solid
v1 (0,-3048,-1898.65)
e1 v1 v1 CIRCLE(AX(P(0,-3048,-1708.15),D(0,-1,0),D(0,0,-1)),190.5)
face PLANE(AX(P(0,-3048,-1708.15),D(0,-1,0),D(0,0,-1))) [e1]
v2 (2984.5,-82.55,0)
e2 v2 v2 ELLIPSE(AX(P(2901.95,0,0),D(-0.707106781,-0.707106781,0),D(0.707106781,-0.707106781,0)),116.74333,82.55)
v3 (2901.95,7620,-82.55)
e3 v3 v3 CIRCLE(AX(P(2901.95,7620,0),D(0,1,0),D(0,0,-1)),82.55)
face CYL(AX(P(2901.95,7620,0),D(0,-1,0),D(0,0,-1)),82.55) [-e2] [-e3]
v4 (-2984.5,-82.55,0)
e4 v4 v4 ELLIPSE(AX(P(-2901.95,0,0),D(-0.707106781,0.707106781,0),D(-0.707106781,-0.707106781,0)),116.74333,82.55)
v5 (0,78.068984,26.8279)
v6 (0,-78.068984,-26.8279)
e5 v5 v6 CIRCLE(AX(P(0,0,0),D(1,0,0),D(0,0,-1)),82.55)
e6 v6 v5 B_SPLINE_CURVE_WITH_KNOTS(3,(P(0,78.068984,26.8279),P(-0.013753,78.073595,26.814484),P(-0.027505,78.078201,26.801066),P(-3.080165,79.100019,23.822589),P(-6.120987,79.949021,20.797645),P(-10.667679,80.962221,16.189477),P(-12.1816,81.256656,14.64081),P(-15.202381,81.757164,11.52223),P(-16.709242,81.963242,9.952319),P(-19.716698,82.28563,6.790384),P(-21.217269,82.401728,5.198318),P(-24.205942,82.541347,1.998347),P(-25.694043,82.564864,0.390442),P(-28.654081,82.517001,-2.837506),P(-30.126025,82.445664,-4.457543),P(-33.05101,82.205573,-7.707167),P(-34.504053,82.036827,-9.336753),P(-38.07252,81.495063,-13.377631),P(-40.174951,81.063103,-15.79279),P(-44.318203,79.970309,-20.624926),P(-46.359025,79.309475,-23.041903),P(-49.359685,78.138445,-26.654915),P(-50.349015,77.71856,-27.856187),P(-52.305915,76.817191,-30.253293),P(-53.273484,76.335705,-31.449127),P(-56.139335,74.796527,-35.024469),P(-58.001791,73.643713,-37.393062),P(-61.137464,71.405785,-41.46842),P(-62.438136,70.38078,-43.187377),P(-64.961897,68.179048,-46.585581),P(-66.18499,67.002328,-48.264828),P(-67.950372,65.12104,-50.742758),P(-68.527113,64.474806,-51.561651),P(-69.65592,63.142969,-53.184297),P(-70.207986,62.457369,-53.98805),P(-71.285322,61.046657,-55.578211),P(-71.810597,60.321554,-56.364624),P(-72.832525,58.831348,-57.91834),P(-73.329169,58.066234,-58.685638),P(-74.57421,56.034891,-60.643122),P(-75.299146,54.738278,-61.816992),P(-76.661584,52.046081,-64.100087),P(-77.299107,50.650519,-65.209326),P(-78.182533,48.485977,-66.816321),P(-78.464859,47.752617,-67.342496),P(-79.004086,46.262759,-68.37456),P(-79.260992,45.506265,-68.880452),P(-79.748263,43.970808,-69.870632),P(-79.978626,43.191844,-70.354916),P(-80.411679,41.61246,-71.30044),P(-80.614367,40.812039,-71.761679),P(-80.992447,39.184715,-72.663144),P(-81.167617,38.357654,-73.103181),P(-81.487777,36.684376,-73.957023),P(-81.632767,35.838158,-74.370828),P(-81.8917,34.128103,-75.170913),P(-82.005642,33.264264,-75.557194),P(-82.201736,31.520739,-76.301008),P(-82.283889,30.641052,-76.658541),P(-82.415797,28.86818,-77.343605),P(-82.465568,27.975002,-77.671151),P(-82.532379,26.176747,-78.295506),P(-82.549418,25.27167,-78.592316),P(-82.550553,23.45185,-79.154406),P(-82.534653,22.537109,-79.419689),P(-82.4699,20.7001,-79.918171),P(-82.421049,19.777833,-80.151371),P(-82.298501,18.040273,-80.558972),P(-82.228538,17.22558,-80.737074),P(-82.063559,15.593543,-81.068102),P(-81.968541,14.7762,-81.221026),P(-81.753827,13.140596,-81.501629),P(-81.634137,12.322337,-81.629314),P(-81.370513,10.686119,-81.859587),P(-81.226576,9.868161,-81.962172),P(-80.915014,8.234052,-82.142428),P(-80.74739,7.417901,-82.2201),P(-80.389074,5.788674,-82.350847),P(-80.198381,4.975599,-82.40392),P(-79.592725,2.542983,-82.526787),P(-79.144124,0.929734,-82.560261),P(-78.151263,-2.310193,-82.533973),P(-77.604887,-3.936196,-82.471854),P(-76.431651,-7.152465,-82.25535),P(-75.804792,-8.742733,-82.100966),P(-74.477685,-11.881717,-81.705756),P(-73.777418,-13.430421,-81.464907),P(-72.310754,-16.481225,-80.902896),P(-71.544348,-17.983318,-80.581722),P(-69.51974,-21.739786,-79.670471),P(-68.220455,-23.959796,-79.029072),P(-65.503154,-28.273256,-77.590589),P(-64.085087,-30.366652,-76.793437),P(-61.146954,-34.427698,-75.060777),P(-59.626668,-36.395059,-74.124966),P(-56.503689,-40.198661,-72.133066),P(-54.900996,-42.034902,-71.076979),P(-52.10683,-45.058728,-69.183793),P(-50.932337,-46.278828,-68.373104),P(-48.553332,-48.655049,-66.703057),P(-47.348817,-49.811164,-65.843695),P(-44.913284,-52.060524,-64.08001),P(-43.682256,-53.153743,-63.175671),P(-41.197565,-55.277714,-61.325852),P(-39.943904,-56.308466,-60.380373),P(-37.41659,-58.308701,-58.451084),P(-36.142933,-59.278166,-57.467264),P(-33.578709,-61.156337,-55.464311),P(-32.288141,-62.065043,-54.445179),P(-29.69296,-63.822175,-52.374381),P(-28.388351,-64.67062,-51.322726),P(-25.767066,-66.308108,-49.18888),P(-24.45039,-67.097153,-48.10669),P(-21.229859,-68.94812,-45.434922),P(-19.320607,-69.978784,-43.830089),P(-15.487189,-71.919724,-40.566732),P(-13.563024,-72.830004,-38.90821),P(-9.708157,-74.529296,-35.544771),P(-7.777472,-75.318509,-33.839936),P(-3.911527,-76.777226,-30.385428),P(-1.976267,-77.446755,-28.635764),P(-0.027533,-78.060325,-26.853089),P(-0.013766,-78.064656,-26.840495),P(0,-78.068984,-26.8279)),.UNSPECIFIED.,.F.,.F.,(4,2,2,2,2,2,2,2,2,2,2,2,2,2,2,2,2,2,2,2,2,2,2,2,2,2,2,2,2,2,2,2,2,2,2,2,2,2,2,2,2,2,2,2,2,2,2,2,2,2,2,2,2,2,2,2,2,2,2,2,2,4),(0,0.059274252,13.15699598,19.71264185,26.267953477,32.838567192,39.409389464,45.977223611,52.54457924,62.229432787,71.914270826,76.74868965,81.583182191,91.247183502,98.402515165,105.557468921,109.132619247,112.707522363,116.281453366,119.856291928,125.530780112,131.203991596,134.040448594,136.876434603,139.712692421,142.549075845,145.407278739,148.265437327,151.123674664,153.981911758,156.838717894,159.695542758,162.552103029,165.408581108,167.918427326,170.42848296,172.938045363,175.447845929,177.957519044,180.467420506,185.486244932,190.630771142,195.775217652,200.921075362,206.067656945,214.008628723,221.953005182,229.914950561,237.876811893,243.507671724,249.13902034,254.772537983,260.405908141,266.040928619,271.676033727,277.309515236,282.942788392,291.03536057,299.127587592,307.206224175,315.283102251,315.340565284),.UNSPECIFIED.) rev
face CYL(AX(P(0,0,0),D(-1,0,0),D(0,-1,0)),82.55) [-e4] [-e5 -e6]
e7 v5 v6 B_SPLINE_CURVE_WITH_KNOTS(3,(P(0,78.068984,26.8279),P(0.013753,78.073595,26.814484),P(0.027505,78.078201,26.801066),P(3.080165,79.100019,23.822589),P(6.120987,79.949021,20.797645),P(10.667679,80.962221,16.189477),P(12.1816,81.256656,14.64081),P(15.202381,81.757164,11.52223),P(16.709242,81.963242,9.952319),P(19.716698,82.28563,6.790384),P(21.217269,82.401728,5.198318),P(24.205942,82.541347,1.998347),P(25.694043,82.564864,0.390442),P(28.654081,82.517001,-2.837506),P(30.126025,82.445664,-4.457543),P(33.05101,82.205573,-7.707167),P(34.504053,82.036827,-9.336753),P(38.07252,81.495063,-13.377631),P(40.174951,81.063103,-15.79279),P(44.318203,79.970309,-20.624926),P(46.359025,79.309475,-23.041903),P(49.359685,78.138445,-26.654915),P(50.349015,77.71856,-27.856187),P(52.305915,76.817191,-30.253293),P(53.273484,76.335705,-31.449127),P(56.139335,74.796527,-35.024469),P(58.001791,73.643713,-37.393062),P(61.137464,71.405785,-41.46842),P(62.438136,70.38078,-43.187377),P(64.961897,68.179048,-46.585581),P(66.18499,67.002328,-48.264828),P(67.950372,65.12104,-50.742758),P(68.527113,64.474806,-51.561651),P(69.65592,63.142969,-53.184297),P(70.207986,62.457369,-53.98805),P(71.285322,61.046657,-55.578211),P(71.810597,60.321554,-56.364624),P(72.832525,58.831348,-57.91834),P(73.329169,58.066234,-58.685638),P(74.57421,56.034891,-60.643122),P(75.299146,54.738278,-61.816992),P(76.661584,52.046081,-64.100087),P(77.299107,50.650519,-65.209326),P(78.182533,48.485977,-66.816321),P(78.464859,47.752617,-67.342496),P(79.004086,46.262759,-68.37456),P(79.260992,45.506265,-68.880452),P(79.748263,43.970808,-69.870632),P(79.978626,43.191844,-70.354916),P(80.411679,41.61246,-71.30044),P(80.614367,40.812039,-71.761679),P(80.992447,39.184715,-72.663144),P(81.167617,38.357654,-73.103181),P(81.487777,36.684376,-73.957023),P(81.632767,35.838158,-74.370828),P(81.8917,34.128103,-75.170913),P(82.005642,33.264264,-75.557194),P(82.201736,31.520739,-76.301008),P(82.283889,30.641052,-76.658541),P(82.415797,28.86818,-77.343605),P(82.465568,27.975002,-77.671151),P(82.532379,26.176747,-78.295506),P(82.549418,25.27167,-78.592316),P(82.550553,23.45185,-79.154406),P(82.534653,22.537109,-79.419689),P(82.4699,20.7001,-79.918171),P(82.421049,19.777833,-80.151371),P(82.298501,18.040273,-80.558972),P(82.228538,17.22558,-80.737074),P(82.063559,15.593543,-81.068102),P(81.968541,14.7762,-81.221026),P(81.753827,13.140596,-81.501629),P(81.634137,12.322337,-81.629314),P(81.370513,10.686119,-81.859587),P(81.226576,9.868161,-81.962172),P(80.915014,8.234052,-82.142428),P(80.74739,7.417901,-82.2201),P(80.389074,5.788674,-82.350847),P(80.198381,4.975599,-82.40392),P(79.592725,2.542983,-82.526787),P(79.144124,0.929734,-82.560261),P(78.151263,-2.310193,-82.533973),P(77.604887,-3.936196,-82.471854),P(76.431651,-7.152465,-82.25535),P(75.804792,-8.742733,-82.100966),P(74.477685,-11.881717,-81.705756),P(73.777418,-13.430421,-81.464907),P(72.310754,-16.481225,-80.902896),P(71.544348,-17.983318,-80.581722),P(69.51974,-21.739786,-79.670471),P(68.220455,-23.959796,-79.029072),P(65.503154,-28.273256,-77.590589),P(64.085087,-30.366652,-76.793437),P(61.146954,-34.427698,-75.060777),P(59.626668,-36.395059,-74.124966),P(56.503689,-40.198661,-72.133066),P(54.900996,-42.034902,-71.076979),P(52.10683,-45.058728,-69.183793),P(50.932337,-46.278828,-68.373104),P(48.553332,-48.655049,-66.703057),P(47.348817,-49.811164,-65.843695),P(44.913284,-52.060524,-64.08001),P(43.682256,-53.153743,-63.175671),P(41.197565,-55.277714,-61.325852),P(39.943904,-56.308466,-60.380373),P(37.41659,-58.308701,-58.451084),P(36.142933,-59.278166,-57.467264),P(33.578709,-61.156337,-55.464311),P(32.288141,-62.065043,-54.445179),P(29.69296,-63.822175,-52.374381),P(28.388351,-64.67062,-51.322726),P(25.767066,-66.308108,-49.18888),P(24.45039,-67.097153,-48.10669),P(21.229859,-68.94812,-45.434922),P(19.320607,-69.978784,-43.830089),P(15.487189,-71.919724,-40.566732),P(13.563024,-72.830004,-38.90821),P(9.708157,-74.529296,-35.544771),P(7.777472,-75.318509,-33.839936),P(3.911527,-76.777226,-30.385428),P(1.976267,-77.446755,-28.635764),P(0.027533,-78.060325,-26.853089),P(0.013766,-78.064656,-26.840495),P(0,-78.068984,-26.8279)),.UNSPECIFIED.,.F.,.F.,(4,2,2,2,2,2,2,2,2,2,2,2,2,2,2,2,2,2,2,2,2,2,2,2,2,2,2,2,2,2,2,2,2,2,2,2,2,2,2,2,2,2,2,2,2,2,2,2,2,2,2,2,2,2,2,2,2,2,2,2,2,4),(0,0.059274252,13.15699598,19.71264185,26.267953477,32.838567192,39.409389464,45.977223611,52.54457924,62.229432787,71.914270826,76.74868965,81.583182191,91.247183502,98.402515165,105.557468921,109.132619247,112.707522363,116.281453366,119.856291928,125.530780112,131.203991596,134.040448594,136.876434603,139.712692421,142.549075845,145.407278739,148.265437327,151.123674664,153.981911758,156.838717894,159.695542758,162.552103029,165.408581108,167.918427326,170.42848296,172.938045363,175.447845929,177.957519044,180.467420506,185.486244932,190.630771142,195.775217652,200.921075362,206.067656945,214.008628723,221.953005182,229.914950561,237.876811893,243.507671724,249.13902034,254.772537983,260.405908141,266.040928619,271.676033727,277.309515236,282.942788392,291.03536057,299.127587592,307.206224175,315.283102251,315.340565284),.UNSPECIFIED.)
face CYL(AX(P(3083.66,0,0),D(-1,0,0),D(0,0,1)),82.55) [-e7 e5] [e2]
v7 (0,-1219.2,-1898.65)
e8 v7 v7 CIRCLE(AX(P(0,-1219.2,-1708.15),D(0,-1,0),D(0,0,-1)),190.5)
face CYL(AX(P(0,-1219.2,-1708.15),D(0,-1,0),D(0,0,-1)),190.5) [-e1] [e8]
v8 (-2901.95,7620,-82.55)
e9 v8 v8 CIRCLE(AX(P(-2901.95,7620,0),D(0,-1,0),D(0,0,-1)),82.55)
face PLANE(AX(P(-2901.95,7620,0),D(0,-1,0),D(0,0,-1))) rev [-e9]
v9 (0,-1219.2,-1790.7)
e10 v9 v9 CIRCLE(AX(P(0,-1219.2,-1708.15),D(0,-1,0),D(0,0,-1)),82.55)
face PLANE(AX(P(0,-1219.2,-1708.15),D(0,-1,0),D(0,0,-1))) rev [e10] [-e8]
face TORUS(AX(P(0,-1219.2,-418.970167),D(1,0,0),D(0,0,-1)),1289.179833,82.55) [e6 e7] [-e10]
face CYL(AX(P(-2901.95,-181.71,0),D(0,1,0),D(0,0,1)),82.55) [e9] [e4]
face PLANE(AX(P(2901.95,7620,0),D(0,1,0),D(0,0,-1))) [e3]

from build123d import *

# Parameters (mm, degrees)
SWEEP4_PROFILE_R    = 82.55
SWEEP6_PROFILE_R    = 82.55
SKETCH69_R          = 190.5
BOSS_EXTRUDE3_DEPTH = 1828.8


with BuildPart() as part:
    # Sweep4: sweep along a path in Sketch1
    with BuildLine(Plane.XY) as sweep4_path:
        Line((2901.95, 7620), (2901.95, 0))
        Line((2901.95, 0), (0, 0))
        Line((0, 0), (-2901.95, 0))
        Line((-2901.95, 0), (-2901.95, 7620))
    # Sweep4 profile (on start of the path) → Sweep4 (sweep)
    with BuildSketch(Plane(origin=(2901.95, 7620, 0), x_dir=(0, 0, -1), z_dir=(0, -1, 0))):
        Circle(SWEEP4_PROFILE_R)
    sweep(path=sweep4_path.line, transition=Transition.RIGHT)

    # Sweep6: sweep along a path in Sketch23
    with BuildLine(Plane(origin=(0, 0, 0), x_dir=(0, 0, -1), z_dir=(1, 0, 0))) as sweep6_path:
        Line((1708.15, -3048), (1708.15, -1219.2))
        ThreePointArc((1708.15, -1219.2), (1167.92168471, -169.887717777), (0, 0))
    # Sweep6 profile (on start of the path) → Sweep6 (sweep)
    with BuildSketch(Plane(origin=(0, -3048, -1708.15), x_dir=(0, 0, 1), z_dir=(0, 1, 0))):
        Circle(SWEEP6_PROFILE_R)
    sweep(path=sweep6_path.line)

    # Sketch69 → Boss-Extrude3 (add)
    with BuildSketch(Plane.XZ.offset(3048)):
        with Locations((0, -1708.15)):
            Circle(SKETCH69_R)
    extrude(amount=-BOSS_EXTRUDE3_DEPTH)


solid = part.part
